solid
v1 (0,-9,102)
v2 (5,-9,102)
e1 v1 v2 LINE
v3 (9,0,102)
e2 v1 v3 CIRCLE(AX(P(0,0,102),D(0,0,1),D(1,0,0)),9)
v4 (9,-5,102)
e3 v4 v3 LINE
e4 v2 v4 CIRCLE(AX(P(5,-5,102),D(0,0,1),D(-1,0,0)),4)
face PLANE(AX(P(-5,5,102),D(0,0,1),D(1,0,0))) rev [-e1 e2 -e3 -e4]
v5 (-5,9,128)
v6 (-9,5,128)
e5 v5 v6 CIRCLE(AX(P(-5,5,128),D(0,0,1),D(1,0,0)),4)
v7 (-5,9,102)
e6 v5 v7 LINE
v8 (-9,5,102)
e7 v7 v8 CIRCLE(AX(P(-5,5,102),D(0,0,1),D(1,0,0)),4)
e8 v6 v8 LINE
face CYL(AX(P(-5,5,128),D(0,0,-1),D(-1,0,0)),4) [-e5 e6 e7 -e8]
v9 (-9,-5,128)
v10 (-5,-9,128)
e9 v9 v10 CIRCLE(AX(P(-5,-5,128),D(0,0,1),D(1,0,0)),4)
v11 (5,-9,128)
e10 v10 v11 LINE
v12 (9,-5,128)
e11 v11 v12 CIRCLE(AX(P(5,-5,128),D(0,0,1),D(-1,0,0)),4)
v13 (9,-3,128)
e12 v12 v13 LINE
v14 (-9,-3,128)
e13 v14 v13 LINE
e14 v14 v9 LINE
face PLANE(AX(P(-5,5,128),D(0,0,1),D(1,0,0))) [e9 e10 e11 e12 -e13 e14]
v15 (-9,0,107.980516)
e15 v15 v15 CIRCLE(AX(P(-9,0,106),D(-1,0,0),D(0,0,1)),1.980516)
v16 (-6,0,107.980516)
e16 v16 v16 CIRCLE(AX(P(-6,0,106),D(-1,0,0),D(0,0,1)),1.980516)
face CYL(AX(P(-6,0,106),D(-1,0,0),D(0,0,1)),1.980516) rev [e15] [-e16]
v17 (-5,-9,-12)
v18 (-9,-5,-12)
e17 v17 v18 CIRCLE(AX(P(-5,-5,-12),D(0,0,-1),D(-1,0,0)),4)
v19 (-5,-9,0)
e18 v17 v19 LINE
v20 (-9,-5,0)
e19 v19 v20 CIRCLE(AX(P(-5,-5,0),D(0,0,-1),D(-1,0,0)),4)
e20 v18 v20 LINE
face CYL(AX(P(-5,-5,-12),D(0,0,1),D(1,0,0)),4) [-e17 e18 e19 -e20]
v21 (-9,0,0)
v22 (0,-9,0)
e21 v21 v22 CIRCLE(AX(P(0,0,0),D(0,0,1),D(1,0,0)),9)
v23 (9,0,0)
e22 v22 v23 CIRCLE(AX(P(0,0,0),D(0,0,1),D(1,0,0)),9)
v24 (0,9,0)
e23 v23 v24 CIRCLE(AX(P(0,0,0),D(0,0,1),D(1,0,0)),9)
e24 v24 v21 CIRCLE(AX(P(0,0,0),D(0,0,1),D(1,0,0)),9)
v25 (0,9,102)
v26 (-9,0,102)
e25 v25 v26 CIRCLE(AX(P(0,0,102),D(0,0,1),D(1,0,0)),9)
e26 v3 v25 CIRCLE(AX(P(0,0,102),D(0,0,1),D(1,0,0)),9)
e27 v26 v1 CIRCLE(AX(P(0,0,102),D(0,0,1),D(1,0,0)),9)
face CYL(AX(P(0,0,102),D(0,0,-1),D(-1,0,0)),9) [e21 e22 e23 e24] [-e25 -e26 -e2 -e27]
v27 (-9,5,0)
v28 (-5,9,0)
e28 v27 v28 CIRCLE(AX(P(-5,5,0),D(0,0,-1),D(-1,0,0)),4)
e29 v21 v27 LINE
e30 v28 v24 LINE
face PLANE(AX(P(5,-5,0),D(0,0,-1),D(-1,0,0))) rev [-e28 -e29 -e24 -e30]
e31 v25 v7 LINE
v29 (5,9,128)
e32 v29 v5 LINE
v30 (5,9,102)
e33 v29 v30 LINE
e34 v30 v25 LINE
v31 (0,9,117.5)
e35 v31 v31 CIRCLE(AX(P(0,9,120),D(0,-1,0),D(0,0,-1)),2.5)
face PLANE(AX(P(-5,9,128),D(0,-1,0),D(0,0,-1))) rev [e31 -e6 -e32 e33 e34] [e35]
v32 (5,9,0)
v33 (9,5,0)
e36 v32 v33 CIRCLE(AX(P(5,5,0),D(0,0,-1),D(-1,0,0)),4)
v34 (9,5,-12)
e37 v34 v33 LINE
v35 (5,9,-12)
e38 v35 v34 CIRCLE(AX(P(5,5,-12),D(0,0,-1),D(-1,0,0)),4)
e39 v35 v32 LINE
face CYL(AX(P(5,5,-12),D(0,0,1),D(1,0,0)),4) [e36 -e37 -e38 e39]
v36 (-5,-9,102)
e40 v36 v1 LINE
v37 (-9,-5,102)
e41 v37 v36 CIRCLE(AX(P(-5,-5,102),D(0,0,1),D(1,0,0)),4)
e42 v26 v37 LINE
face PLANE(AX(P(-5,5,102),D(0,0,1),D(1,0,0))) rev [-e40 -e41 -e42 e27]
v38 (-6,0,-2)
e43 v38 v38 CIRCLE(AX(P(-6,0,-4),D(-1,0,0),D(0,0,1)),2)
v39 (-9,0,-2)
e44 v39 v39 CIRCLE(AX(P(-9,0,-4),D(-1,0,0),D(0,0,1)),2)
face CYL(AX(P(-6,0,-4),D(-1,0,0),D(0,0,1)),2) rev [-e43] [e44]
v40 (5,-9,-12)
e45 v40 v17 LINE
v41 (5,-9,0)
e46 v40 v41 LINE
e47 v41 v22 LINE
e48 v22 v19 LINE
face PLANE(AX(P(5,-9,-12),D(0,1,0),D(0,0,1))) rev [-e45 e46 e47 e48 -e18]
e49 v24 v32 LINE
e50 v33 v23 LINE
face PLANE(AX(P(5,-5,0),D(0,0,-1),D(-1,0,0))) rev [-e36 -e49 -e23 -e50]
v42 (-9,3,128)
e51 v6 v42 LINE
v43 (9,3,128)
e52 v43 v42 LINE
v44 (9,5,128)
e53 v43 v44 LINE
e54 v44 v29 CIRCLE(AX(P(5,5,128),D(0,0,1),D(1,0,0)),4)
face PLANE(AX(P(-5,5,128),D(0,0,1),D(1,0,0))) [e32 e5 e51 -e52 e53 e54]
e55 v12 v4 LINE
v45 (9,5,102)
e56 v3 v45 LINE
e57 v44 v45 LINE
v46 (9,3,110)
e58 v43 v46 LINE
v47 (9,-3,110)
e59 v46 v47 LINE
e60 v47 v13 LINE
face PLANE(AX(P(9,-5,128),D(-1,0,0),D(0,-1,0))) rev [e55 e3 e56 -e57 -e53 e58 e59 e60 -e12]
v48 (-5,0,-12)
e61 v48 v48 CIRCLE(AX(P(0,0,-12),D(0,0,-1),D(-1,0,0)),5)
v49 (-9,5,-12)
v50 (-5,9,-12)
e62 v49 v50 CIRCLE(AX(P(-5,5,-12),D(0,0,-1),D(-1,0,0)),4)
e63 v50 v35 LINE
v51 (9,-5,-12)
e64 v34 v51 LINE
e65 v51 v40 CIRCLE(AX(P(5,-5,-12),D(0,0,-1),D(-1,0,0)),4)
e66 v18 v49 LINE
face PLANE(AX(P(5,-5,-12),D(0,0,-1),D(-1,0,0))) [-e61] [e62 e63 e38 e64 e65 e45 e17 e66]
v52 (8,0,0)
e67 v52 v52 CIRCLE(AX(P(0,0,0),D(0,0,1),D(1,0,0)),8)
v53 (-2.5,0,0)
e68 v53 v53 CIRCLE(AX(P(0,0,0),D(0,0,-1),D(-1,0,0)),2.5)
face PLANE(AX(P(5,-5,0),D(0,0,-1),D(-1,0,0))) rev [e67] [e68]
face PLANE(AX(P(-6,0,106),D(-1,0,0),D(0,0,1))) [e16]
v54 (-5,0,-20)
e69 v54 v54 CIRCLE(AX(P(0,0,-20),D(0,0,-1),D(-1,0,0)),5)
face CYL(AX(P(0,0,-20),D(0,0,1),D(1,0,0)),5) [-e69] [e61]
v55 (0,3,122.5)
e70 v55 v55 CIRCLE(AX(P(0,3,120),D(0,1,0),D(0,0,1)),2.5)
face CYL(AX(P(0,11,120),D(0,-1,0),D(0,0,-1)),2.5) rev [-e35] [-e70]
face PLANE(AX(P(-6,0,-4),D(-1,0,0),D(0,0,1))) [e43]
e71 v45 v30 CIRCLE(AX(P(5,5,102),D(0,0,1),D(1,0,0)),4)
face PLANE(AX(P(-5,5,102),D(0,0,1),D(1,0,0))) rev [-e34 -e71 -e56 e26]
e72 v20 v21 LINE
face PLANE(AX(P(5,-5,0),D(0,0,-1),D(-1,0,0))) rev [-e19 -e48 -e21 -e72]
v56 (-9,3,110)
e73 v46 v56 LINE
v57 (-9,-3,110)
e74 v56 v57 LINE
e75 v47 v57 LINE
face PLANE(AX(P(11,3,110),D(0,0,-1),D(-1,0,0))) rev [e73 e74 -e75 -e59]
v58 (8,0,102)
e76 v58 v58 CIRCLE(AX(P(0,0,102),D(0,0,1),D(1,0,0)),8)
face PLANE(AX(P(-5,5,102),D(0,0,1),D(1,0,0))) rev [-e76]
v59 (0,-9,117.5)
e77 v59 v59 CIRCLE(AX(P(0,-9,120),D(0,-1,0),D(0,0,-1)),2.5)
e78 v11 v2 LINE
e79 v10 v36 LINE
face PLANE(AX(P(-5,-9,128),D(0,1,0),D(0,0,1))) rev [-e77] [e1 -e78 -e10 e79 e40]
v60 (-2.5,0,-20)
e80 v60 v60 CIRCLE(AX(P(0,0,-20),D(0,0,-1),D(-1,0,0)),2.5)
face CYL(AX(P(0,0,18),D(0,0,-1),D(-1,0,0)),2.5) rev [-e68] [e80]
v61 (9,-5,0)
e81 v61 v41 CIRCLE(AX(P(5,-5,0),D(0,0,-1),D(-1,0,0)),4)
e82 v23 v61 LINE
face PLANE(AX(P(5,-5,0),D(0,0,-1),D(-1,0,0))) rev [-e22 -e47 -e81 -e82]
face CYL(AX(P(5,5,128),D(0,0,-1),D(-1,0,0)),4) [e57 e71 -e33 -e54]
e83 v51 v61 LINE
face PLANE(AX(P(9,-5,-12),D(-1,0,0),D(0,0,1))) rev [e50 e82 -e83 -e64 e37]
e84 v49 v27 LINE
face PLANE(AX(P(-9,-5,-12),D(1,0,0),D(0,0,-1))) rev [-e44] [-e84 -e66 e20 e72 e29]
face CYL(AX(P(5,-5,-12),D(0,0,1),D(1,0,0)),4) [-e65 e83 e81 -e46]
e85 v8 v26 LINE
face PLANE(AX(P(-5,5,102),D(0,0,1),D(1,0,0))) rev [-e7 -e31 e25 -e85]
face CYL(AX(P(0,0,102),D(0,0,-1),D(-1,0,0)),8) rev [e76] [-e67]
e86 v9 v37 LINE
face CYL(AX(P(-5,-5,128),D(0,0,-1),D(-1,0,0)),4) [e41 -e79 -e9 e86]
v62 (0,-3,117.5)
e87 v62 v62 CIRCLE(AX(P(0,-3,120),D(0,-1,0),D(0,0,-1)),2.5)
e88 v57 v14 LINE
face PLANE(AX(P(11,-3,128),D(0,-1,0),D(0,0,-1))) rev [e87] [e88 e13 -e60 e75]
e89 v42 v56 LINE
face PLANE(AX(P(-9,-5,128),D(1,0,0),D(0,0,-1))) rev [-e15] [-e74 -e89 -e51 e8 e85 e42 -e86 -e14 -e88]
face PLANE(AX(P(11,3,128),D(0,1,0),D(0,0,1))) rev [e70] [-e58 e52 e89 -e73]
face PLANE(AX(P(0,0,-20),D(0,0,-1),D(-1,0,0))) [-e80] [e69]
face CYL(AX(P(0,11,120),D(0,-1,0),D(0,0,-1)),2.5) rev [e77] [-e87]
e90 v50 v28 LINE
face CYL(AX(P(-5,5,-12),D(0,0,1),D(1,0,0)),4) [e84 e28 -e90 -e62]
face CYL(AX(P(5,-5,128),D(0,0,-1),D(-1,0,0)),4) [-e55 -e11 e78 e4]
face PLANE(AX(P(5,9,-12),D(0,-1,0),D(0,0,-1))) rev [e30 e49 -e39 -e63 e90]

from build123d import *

# Parameters (mm, degrees)
SKETCH_1_R          = 9
SKETCH_1_R_2        = 8
EXTRUDE_1_DEPTH     = 102
EXTRUDE_2_DEPTH     = 26
EXTRUDE_START       = 12
EXTRUDE_3_DEPTH     = 12
SKETCH_4_R          = 5
EXTRUDE_4_DEPTH     = 8
SKETCH_5_R          = 2.5
CUT_EXTRUDE_1_DEPTH = 38
SKETCH_6_R          = 2
SKETCH_6_R_2        = 1.980516498
CUT_EXTRUDE_3_DEPTH = 3
SKETCH_7_W          = 18
SKETCH_7_H          = 6
CUT_EXTRUDE_4_DEPTH = 20
SKETCH_8_R          = 2.5
CUT_EXTRUDE_5_DEPTH = 20


with BuildPart() as part:
    # 草图1 → 凸台-拉伸1 (new body)
    with BuildSketch(Plane.XY):
        Circle(SKETCH_1_R)
        Circle(SKETCH_1_R_2, mode=Mode.SUBTRACT)
    extrude(amount=EXTRUDE_1_DEPTH)

    # 草图2 → 凸台-拉伸2 (add)
    with BuildSketch(Plane.XY.offset(102)):
        with BuildLine():
            Line((-5, -9), (5, -9))
            ThreePointArc((5, -9), (7.828427125, -7.828427125), (9, -5))
            Line((9, -5), (9, 5))
            ThreePointArc((9, 5), (7.828427125, 7.828427125), (5, 9))
            Line((5, 9), (-5, 9))
            ThreePointArc((-5, 9), (-7.828427125, 7.828427125), (-9, 5))
            Line((-9, 5), (-9, -5))
            ThreePointArc((-9, -5), (-7.828427125, -7.828427125), (-5, -9))
        make_face()
    extrude(amount=EXTRUDE_2_DEPTH)

    # 草图3 → 凸台-拉伸3 (add)
    with BuildSketch(Plane(origin=(0, 0, 0), x_dir=(-1, 0, 0), z_dir=(0, 0, -1)).offset(EXTRUDE_START)):
        with BuildLine():
            Line((-5, -9), (5, -9))
            ThreePointArc((5, -9), (7.828427125, -7.828427125), (9, -5))
            Line((9, -5), (9, 5))
            ThreePointArc((9, 5), (7.828427125, 7.828427125), (5, 9))
            Line((5, 9), (-5, 9))
            ThreePointArc((-5, 9), (-7.828427125, 7.828427125), (-9, 5))
            Line((-9, 5), (-9, -5))
            ThreePointArc((-9, -5), (-7.828427125, -7.828427125), (-5, -9))
        make_face()
    extrude(amount=-EXTRUDE_3_DEPTH)

    # 草图4 → 凸台-拉伸4 (add)
    with BuildSketch(Plane(origin=(0, 0, -12), x_dir=(-1, 0, 0), z_dir=(0, 0, -1))):
        Circle(SKETCH_4_R)
    extrude(amount=EXTRUDE_4_DEPTH)

    # 草图5 → 切除-拉伸1 (cut)
    with BuildSketch(Plane(origin=(0, 0, -20), x_dir=(-1, 0, 0), z_dir=(0, 0, -1))):
        Circle(SKETCH_5_R)
    extrude(amount=-CUT_EXTRUDE_1_DEPTH, mode=Mode.SUBTRACT)

    # 草图6 → 切除-拉伸3 (cut)
    with BuildSketch(Plane.ZY.offset(9)):
        with Locations((-4, 0)):
            Circle(SKETCH_6_R)
        with Locations((106, 0)):
            Circle(SKETCH_6_R_2)
    extrude(amount=-CUT_EXTRUDE_3_DEPTH, mode=Mode.SUBTRACT)

    # 草图7 → 切除-拉伸4 (cut)
    with BuildSketch(Plane.ZY.offset(9)):
        with Locations((119, 0)):
            Rectangle(SKETCH_7_W, SKETCH_7_H)
    extrude(amount=-CUT_EXTRUDE_4_DEPTH, mode=Mode.SUBTRACT)

    # 草图8 → 切除-拉伸5 (cut)
    with BuildSketch(Plane.XZ.offset(9)):
        with Locations(Location((0, 120, 0), (0, 0, 270))):
            Circle(SKETCH_8_R)
    extrude(amount=-CUT_EXTRUDE_5_DEPTH, mode=Mode.SUBTRACT)


solid = part.part
